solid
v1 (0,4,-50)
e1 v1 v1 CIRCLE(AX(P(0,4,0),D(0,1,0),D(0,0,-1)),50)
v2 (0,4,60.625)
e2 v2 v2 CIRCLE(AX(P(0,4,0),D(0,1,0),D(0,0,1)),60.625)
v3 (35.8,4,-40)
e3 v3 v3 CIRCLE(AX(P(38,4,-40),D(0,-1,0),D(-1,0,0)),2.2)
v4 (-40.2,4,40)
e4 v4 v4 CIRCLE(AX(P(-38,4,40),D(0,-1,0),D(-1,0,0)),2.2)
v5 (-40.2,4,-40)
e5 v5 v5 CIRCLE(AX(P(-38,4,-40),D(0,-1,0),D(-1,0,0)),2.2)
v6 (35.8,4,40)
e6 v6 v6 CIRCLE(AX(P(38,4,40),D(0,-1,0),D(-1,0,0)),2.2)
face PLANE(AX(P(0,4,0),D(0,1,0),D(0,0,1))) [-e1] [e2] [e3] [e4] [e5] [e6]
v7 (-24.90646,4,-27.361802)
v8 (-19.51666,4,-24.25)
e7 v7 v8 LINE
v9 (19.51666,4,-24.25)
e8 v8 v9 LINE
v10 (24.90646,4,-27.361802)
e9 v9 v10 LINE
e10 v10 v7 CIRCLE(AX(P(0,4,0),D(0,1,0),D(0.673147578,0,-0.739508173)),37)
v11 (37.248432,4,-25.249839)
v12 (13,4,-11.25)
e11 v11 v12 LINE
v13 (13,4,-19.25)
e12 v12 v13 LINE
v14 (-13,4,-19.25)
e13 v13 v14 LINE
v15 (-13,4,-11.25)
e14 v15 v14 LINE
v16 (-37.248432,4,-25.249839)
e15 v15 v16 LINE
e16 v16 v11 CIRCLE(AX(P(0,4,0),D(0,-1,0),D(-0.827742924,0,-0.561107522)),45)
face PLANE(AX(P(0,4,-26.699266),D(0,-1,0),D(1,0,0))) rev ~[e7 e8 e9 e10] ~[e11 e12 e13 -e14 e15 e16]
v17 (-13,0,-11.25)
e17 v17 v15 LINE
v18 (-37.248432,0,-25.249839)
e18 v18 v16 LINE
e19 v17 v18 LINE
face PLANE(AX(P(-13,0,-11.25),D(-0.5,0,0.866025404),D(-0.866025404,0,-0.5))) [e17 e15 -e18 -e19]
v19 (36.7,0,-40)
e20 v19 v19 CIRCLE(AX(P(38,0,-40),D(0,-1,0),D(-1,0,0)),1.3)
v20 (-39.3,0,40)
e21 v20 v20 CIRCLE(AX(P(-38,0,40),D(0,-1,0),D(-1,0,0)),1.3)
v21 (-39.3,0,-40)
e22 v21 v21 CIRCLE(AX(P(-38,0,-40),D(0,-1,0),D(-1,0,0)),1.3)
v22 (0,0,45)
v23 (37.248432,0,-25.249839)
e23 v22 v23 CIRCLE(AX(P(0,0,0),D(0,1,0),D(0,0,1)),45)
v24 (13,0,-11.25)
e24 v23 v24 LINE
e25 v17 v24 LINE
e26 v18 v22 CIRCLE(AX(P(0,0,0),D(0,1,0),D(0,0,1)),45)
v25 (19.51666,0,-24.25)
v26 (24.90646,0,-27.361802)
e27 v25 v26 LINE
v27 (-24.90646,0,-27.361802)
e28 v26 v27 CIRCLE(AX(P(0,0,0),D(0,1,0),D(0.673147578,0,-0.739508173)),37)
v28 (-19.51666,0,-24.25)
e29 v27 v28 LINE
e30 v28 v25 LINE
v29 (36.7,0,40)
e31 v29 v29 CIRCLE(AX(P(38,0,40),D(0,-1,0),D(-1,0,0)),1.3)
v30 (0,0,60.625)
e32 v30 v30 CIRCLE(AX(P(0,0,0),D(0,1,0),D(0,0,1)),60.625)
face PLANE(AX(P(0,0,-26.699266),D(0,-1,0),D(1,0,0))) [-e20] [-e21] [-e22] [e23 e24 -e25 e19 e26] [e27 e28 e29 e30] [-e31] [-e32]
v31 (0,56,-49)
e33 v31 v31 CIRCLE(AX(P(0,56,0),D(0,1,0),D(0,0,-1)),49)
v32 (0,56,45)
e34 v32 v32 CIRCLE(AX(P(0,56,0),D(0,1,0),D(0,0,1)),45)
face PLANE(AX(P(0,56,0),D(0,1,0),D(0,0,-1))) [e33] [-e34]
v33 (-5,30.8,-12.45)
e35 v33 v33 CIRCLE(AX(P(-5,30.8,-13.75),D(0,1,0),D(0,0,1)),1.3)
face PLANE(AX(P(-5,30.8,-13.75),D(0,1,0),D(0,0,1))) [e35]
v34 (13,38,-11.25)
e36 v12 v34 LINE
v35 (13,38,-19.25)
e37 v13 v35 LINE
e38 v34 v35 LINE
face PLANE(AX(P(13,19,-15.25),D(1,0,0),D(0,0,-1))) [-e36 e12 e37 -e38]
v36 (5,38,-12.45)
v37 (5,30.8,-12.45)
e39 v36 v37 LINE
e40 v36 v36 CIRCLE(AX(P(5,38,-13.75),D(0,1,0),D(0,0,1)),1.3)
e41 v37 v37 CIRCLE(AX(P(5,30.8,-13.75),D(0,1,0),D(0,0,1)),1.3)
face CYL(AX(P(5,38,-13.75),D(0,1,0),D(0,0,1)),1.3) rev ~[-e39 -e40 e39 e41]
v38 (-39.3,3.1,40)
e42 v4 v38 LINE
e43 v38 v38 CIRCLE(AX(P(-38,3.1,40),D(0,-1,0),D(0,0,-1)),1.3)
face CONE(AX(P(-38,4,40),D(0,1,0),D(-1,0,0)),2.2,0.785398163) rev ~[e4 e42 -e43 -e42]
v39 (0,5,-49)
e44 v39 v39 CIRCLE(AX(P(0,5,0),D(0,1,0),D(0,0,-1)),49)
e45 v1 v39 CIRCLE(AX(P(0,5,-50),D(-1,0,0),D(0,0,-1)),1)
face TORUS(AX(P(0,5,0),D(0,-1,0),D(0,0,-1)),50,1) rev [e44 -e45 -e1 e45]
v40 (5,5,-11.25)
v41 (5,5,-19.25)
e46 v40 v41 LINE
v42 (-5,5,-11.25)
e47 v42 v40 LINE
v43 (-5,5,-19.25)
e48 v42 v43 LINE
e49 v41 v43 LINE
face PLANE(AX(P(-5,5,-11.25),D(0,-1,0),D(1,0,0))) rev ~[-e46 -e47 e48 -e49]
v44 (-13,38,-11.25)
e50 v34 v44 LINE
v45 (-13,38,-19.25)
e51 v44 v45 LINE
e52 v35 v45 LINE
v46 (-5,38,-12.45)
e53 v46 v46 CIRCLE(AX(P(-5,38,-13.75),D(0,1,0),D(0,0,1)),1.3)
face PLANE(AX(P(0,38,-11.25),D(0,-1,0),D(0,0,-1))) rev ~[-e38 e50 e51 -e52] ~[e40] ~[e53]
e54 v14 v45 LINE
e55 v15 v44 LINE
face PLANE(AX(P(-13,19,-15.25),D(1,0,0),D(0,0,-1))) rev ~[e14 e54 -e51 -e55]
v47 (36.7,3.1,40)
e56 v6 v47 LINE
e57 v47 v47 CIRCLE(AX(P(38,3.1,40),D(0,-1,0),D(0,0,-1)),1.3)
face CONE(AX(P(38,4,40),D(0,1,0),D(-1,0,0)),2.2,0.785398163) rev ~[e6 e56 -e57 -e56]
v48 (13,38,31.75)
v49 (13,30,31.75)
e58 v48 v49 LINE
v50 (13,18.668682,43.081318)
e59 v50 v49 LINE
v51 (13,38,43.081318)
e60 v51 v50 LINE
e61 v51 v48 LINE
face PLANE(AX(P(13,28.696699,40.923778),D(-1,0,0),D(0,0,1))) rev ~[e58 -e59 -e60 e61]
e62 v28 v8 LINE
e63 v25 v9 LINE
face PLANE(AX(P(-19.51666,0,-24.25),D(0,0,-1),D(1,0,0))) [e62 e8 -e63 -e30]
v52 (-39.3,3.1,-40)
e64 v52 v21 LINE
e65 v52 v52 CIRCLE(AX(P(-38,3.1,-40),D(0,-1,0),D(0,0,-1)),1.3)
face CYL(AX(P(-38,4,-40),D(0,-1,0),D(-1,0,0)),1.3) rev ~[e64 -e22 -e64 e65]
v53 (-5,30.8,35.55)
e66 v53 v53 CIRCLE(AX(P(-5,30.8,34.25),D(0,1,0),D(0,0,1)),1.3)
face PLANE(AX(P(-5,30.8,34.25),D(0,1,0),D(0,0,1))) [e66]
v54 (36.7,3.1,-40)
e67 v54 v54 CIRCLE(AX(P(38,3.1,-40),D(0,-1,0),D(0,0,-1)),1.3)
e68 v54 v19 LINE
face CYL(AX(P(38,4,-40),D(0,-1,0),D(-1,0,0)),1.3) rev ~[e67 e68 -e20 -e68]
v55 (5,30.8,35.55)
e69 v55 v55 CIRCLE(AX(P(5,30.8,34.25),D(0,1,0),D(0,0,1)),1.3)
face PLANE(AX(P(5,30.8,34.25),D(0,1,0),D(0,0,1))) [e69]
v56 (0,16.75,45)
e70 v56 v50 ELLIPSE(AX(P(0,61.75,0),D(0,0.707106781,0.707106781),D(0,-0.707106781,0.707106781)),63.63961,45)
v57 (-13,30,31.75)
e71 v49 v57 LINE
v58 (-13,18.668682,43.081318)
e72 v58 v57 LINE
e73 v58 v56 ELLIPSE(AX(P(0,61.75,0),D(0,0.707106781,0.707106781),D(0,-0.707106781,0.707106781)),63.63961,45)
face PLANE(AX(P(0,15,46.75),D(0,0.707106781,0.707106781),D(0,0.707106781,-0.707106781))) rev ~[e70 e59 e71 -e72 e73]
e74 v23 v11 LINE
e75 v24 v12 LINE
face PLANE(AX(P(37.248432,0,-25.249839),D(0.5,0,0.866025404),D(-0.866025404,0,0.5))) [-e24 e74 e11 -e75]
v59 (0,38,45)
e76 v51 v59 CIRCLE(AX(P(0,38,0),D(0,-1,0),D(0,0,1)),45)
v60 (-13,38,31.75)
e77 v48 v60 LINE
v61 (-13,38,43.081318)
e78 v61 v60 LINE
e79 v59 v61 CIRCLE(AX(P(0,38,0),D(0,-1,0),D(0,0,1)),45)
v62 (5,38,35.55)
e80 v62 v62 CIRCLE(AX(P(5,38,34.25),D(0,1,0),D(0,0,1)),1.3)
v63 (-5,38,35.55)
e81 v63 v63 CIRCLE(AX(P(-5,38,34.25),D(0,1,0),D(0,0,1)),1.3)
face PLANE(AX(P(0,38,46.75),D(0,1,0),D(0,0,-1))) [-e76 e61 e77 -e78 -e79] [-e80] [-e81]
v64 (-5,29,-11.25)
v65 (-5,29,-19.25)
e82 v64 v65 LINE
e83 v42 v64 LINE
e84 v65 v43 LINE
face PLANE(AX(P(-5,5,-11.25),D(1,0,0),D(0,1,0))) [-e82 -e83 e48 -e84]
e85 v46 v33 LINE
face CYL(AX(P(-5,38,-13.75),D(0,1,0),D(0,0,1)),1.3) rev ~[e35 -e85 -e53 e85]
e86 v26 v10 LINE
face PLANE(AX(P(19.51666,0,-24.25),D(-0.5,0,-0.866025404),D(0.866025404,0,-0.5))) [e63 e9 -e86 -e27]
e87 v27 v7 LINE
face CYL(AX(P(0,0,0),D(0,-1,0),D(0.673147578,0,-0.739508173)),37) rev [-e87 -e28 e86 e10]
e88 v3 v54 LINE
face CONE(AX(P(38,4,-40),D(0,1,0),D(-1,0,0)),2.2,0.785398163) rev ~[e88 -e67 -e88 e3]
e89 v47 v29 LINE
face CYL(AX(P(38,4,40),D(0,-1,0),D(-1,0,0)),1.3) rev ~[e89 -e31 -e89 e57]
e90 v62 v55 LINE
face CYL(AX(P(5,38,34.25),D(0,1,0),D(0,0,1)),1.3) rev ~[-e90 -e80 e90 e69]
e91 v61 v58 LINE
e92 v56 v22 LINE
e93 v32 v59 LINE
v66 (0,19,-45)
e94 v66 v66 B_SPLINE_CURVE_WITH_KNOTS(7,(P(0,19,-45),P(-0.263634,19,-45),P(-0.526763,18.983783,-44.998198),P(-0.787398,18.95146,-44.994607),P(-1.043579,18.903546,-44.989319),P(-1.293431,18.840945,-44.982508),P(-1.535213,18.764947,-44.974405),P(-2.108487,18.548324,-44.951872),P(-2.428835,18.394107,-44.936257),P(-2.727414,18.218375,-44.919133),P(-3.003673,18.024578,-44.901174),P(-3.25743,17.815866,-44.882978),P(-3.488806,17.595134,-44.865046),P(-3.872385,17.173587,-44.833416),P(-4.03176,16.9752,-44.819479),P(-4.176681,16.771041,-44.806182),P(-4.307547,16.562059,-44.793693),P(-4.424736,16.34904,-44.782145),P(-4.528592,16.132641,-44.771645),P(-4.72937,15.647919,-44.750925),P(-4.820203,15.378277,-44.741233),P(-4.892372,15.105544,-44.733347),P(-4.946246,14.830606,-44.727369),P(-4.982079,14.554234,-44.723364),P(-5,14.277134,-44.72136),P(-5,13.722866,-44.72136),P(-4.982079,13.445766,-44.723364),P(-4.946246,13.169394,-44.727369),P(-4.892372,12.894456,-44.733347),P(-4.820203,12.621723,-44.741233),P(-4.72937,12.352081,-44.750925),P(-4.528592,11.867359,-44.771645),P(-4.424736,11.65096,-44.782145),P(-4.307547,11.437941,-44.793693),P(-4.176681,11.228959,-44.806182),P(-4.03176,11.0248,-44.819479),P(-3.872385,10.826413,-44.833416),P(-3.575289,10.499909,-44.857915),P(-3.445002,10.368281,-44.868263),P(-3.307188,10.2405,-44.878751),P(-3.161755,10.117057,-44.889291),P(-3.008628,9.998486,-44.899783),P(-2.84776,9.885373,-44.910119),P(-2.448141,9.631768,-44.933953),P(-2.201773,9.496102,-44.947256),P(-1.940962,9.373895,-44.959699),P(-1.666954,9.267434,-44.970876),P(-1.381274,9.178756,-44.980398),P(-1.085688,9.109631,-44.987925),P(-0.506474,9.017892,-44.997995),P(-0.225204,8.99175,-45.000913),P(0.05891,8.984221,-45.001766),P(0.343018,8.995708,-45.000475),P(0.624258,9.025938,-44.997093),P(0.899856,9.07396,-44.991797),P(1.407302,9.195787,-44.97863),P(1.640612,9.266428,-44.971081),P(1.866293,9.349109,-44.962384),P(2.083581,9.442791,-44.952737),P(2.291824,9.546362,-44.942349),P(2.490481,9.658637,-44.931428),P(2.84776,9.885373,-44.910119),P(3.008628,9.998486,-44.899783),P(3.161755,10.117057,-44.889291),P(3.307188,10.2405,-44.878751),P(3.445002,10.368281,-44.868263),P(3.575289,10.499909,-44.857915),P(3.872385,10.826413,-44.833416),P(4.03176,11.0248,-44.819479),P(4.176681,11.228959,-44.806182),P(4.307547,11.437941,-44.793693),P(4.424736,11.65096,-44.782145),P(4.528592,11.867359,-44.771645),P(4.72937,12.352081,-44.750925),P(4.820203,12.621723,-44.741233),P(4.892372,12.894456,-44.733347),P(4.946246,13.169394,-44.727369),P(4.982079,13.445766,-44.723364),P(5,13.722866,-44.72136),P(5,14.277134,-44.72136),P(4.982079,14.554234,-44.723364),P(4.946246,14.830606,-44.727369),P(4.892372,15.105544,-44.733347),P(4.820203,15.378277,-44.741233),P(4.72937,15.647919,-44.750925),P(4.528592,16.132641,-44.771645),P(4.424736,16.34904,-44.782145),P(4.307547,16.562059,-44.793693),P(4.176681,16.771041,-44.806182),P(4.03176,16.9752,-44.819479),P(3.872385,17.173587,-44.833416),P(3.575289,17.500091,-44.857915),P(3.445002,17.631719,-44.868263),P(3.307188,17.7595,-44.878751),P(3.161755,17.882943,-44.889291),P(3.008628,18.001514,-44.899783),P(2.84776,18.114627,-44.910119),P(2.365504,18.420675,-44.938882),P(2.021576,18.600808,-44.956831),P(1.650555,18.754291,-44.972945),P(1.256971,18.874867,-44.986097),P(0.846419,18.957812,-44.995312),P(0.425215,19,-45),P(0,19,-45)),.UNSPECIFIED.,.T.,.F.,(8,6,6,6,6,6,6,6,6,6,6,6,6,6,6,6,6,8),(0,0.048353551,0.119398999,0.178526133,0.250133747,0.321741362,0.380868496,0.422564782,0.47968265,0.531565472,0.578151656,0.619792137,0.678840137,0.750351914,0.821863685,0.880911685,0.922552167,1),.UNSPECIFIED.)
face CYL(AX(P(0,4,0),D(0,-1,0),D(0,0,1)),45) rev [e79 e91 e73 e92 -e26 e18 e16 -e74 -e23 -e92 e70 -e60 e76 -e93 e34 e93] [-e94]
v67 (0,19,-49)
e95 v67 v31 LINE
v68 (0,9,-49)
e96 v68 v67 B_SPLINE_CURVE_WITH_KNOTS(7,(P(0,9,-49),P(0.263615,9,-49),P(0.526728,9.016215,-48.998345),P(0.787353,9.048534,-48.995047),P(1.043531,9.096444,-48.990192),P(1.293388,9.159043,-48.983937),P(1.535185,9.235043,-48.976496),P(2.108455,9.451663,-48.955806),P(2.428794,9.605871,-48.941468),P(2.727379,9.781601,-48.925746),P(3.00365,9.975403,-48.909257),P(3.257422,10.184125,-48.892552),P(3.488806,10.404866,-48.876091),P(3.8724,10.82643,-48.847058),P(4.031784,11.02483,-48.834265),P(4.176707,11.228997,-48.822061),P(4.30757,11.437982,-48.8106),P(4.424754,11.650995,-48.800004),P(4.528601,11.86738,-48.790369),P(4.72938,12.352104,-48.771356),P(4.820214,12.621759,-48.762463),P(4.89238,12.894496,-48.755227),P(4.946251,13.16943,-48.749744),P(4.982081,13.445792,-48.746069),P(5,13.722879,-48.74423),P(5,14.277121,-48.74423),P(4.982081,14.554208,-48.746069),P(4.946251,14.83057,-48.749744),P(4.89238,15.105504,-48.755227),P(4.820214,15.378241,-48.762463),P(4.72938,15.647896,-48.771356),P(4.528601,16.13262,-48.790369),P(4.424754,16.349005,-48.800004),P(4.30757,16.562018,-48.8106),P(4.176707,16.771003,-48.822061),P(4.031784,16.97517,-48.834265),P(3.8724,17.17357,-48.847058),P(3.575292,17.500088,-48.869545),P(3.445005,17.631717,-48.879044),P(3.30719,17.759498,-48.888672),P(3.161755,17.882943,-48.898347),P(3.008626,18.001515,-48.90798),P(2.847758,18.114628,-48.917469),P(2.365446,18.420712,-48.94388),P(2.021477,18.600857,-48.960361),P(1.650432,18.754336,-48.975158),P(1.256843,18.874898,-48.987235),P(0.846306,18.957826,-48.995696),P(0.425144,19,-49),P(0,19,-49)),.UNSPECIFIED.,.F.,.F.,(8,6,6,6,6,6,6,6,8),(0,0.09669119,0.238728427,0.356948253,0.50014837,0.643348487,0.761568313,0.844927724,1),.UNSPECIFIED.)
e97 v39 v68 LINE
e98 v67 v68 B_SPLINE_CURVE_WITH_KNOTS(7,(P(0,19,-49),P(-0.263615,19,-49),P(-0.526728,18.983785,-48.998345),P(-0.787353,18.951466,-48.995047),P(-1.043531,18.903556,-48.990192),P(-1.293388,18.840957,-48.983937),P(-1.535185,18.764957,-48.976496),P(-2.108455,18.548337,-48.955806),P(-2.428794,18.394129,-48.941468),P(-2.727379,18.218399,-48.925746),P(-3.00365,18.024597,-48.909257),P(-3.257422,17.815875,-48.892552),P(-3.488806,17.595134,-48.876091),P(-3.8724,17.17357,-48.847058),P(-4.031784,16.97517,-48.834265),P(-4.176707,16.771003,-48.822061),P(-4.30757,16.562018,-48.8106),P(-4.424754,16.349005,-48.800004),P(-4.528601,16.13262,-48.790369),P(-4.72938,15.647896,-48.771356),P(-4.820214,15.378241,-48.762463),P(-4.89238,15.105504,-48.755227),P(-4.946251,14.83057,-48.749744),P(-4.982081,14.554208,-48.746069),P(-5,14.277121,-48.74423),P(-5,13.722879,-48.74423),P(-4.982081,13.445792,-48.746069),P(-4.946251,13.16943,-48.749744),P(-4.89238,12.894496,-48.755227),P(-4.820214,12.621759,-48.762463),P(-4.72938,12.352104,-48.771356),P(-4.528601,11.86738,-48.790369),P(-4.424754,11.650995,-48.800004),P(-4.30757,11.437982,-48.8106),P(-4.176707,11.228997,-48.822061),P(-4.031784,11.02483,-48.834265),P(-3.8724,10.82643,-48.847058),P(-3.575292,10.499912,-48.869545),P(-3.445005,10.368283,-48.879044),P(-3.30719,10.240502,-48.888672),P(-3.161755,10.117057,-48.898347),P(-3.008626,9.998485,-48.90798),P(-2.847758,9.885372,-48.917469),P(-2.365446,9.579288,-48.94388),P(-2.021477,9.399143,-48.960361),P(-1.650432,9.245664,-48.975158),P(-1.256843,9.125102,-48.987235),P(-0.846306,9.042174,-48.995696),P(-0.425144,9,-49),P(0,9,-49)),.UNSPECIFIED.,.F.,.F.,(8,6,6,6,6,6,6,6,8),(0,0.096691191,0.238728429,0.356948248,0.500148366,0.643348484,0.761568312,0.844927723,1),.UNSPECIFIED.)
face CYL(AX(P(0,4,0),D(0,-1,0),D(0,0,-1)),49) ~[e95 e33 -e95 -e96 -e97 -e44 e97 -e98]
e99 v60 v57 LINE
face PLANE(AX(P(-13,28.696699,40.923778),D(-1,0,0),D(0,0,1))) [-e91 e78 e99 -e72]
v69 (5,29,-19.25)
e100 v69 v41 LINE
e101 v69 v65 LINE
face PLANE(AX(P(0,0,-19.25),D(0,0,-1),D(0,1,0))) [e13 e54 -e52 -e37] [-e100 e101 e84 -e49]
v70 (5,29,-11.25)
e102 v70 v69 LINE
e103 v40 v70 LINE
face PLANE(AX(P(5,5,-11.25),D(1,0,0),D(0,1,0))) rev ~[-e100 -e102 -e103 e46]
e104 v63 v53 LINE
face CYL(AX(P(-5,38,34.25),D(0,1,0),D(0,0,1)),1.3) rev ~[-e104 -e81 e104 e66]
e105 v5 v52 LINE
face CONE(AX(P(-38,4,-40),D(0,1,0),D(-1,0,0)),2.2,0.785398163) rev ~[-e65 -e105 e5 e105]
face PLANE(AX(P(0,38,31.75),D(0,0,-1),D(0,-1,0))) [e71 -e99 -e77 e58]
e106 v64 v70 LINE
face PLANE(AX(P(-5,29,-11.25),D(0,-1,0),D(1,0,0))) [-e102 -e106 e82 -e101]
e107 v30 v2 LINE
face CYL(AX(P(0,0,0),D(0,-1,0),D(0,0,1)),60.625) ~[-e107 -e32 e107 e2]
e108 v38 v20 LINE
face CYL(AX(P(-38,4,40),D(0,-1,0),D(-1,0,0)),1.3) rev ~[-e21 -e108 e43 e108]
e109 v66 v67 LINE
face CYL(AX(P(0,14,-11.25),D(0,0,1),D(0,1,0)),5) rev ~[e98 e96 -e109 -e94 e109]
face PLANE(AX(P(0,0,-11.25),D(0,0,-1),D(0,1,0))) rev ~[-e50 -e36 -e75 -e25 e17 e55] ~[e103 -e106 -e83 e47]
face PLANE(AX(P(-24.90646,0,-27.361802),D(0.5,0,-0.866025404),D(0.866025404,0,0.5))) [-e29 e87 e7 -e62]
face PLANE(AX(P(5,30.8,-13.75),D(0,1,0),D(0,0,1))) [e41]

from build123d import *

# Parameters (mm, degrees)
SKETCH3_R                                            = 60.625
SKETCH3_R_2                                          = 45
BOSS_EXTRUDE1_DEPTH                                  = 4
SKETCH5_R                                            = 49
SKETCH5_R_2                                          = 45
BOSS_EXTRUDE2_DEPTH                                  = 52
SKETCH6_W                                            = 8
SKETCH6_H                                            = 38
BOSS_EXTRUDE3_DEPTH                                  = 13
SKETCH7_W                                            = 10
SKETCH7_H                                            = 24
CUT_EXTRUDE1_DEPTH                                   = 26
SKETCH8_R                                            = 5
CUT_EXTRUDE2_DEPTH                                   = 55
SKETCH9_R                                            = 1.3
CUT_EXTRUDE5_DEPTH                                   = 7.2
BOSS_EXTRUDE5_DEPTH                                  = 4
CSK_FOR_ST2_2_CROSS_RECESSED_CTSK_HEAD_T_D           = 2.6
CSK_FOR_ST2_2_CROSS_RECESSED_CTSK_HEAD_T_CSINK_D     = 4.4
CSK_FOR_ST2_2_CROSS_RECESSED_CTSK_HEAD_T_CSINK_ANGLE = 90
FILLET1_R                                            = 1


with BuildPart() as part:
    # Sketch3 → Boss-Extrude1 (new body)
    with BuildSketch(Plane(origin=(0, 0, 0), x_dir=(1, 0, 0), z_dir=(0, 1, 0))):
        with Locations(Location((0, 0, 0), (0, 0, 270))):
            Circle(SKETCH3_R)
        with Locations(Location((0, 0, 0), (0, 0, 270))):
            Circle(SKETCH3_R_2, mode=Mode.SUBTRACT)
    extrude(amount=BOSS_EXTRUDE1_DEPTH)

    # Sketch5 → Boss-Extrude2 (add)
    with BuildSketch(Plane(origin=(0, 4, 0), x_dir=(1, 0, 0), z_dir=(0, 1, 0))):
        with Locations(Location((0, 0, 0), (0, 0, 90))):
            Circle(SKETCH5_R)
        with Locations(Location((0, 0, 0), (0, 0, 270))):
            Circle(SKETCH5_R_2, mode=Mode.SUBTRACT)
    extrude(amount=BOSS_EXTRUDE2_DEPTH)

    # Sketch6 → Boss-Extrude3 (add, symmetric)
    with BuildSketch(Plane(origin=(0, 0, 0), x_dir=(0, 0, -1), z_dir=(1, 0, 0))):
        Polygon((-46.75, 38), (-31.75, 38), (-31.75, 30), (-45, 16.75), (-46.75, 15), (-46.75, 30), align=None)
        with Locations((15.25, 19)):
            Rectangle(SKETCH6_W, SKETCH6_H)
    extrude(amount=BOSS_EXTRUDE3_DEPTH, both=True)


with BuildPart() as boss_extrude3_piece_1:
    # of the separate pieces the step leaves, piece 1, a body of its own (boss_extrude3_pieces)
    add(part.part.solids().sort_by_distance((0, 0, 60.625))[0])

    # Sketch8 → Cut-Extrude2 (cut)
    with BuildSketch(Plane.XY.offset(-11.25)):
        with Locations(Location((0, 14, 0), (0, 0, 90))):
            Circle(SKETCH8_R)
    extrude(amount=-CUT_EXTRUDE2_DEPTH, mode=Mode.SUBTRACT)


with BuildPart() as boss_extrude3_piece_2:
    # of the separate pieces the step leaves, piece 2, a body of its own (boss_extrude3_pieces)
    add(part.part.solids().sort_by_distance((-13, 38, -11.25))[0])

    # Sketch7 → Cut-Extrude1 (cut)
    with BuildSketch(Plane.XY.offset(-11.25)):
        with Locations((0, 17)):
            Rectangle(SKETCH7_W, SKETCH7_H)
    extrude(amount=-CUT_EXTRUDE1_DEPTH, mode=Mode.SUBTRACT)


with BuildPart() as cut_extrude5_tool:
    # Sketch9 → Cut-Extrude5 (new body)
    with BuildSketch(Plane(origin=(0, 38, 0), x_dir=(1, 0, 0), z_dir=(0, 1, 0))):
        with Locations(Location((5, 13.75, 0), (0, 0, 270))):
            Circle(SKETCH9_R)
        with Locations(Location((5, -34.25, 0), (0, 0, 270))):
            Circle(SKETCH9_R)
        with Locations(Location((-5, -34.25, 0), (0, 0, 270))):
            Circle(SKETCH9_R)
        with Locations(Location((-5, 13.75, 0), (0, 0, 270))):
            Circle(SKETCH9_R)
    extrude(amount=-CUT_EXTRUDE5_DEPTH)


with BuildPart() as boss_extrude3_piece_1_1:
    add(boss_extrude3_piece_1.part)

    # Cut-Extrude5: cut by cut_extrude5_tool
    add(cut_extrude5_tool.part, mode=Mode.SUBTRACT)



with BuildPart() as boss_extrude3_piece_2_1:
    add(boss_extrude3_piece_2.part)

    # Cut-Extrude5: cut by cut_extrude5_tool
    add(cut_extrude5_tool.part, mode=Mode.SUBTRACT)


with BuildPart() as boss_extrude3_piece_1_2:
    add(boss_extrude3_piece_1_1.part)

    add(boss_extrude3_piece_2_1.part)  # Boss-Extrude5 merges Boss-Extrude3 piece 2
    # Sketch10 → Boss-Extrude5 (add)
    with BuildSketch(Plane.XZ):
        with BuildLine():
            Line((37.248431585, -25.249838503), (13, -11.25))
            Line((13, -11.25), (-13, -11.25))
            Line((-13, -11.25), (-37.248431585, -25.249838503))
            ThreePointArc((-37.248431585, -25.249838503), (0, -45), (37.248431585, -25.249838503))
        make_face()
        with BuildLine():
            Line((-19.516660498, -24.25), (19.516660498, -24.25))
            Line((19.516660498, -24.25), (24.906460381, -27.361802413))
            ThreePointArc((24.906460381, -27.361802413), (0, -37), (-24.906460381, -27.361802413))
            Line((-24.906460381, -27.361802413), (-19.516660498, -24.25))
        make_face(mode=Mode.SUBTRACT)
    extrude(amount=-BOSS_EXTRUDE5_DEPTH)

    # CSK for ST2.2 Cross recessed CTSK head tapping screws1 (through all)
    with Locations(Plane(origin=(0, 4, 0), x_dir=(1, 0, 0), z_dir=(0, 1, 0))):
        with Locations((0, 0), (38, -40), (-38, 40), (-38, -40), (38, 40)):
            CounterSinkHole(CSK_FOR_ST2_2_CROSS_RECESSED_CTSK_HEAD_T_D / 2, CSK_FOR_ST2_2_CROSS_RECESSED_CTSK_HEAD_T_CSINK_D / 2, counter_sink_angle=CSK_FOR_ST2_2_CROSS_RECESSED_CTSK_HEAD_T_CSINK_ANGLE)

    # Fillet1
    fillet1_edges = [boss_extrude3_piece_1_2.edges().sort_by_distance(p)[0] for p in [
        (0, 4, 49),
    ]]
    fillet(fillet1_edges, radius=FILLET1_R)


solid = boss_extrude3_piece_1_2.part
